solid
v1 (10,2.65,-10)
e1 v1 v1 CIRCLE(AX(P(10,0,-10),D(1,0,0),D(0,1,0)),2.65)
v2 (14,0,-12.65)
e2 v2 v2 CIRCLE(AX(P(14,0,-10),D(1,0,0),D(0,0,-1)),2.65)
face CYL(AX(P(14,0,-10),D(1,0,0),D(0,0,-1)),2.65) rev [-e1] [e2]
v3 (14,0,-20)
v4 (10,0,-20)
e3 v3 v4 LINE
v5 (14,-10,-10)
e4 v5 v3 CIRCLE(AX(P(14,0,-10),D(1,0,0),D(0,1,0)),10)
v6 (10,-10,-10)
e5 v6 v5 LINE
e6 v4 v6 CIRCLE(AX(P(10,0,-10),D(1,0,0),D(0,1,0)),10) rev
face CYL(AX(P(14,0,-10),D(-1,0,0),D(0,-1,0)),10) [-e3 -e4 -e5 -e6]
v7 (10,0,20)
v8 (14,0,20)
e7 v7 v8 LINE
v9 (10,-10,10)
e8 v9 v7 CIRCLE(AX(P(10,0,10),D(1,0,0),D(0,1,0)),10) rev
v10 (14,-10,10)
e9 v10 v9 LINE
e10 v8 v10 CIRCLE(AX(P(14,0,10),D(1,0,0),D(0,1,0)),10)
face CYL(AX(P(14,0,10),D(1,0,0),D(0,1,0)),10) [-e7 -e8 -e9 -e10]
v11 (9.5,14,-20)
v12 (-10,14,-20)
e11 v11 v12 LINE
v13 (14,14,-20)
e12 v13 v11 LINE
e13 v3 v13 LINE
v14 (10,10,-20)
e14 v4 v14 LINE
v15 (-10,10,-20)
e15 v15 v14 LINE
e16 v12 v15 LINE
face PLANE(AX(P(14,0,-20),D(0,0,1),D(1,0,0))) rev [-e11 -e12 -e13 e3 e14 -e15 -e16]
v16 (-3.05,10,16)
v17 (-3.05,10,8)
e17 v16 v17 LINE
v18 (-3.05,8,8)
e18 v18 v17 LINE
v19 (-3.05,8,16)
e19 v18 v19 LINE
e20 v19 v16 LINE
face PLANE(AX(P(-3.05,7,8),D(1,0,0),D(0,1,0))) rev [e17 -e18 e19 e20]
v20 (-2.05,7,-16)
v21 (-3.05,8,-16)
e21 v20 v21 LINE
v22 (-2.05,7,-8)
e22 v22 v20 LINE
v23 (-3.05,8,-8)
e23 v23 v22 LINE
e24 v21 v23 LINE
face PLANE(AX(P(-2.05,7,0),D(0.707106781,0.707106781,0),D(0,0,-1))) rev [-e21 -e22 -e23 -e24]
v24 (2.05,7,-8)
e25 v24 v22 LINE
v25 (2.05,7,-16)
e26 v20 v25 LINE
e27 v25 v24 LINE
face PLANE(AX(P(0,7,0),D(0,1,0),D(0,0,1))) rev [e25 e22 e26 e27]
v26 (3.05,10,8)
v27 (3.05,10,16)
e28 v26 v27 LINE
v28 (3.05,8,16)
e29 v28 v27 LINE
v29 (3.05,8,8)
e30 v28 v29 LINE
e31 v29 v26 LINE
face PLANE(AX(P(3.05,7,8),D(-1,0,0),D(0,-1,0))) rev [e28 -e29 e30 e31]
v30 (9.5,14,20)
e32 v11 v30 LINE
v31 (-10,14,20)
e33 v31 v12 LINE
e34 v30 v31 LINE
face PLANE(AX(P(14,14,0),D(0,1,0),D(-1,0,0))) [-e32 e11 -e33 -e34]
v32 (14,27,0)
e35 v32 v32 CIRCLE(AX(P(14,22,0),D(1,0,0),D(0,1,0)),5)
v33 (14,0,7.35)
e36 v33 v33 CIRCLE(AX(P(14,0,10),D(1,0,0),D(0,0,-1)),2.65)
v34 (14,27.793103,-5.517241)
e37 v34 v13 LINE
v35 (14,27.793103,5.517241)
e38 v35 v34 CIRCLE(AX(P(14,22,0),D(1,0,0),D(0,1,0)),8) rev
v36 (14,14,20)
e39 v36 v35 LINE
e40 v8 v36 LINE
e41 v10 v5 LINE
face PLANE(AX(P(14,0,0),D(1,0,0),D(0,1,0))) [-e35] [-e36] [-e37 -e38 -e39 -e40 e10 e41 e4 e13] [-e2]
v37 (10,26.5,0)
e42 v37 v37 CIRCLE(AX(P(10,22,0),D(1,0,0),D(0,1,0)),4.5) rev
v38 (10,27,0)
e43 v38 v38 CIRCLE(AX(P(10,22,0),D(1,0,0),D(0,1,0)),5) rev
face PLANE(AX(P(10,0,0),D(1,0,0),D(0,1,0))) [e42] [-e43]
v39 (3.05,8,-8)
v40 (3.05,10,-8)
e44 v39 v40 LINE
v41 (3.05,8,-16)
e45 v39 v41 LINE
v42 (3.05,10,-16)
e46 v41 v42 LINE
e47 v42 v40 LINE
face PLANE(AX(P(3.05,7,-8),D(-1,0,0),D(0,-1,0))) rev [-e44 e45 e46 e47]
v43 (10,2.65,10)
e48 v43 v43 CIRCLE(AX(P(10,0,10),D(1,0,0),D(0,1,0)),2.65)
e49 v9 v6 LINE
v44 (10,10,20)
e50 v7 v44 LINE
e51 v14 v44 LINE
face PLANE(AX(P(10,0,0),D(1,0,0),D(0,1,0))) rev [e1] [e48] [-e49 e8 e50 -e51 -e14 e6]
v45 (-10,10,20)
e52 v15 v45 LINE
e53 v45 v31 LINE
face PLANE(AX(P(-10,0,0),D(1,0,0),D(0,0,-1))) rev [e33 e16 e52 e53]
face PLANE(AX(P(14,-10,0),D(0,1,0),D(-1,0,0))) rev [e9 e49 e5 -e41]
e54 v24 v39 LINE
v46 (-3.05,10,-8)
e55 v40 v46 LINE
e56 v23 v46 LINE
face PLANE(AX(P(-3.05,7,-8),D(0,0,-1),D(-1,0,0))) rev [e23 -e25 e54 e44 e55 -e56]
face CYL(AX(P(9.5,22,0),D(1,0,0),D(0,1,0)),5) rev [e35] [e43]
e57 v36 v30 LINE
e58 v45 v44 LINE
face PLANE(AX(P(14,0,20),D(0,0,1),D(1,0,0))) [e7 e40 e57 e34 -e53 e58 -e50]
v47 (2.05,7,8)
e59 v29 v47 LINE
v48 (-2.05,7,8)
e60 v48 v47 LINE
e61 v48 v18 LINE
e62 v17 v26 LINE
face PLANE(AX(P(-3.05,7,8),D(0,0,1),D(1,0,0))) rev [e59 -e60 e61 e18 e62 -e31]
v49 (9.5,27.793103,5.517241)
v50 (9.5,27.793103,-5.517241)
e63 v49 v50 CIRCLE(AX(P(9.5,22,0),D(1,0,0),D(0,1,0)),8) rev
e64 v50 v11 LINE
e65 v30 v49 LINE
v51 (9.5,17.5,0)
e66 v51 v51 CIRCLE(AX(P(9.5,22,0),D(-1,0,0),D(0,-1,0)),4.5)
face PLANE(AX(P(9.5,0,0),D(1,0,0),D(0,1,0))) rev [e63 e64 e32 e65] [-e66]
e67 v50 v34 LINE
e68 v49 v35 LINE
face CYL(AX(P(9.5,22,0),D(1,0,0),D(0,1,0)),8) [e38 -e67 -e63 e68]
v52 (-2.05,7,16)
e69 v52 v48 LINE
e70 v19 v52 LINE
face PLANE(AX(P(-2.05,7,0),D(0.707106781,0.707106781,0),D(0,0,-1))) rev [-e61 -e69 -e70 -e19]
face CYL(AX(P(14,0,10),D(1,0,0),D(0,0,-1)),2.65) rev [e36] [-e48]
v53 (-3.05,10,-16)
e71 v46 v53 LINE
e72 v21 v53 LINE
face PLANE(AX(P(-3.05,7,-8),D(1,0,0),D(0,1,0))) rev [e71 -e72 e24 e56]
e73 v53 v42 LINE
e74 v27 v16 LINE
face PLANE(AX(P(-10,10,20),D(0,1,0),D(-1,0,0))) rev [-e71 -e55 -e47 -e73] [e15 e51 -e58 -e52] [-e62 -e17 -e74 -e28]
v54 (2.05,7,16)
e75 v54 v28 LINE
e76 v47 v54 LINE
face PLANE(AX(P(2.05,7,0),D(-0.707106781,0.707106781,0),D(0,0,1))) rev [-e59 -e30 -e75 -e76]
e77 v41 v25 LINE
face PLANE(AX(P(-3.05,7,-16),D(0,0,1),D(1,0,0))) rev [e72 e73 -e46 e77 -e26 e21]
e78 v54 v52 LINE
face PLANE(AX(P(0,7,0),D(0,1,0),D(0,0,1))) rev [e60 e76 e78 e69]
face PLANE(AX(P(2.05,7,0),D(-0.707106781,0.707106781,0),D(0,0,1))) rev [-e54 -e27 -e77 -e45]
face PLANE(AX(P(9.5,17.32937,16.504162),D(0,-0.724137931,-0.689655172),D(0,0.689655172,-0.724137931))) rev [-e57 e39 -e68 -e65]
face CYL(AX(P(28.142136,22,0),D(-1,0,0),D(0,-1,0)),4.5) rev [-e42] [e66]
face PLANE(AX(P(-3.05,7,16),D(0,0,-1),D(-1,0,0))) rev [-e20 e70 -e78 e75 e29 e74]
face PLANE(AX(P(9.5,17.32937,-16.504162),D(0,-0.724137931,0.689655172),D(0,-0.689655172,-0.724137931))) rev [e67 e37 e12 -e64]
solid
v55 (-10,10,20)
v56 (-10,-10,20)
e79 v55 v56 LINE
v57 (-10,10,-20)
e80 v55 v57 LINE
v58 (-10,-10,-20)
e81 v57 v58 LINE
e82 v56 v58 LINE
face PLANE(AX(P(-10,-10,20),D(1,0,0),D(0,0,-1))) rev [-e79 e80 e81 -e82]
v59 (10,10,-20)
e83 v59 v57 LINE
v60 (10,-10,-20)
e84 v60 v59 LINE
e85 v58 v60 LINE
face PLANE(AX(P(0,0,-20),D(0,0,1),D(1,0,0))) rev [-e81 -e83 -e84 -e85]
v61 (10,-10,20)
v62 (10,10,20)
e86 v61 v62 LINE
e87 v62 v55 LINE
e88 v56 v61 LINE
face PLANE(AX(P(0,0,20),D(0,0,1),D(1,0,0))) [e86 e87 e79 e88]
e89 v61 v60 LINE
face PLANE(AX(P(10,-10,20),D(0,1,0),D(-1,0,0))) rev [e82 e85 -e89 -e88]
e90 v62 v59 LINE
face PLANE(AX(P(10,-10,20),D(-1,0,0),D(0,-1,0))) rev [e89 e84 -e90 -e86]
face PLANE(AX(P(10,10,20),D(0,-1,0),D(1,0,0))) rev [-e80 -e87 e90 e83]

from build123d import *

# Parameters (mm, degrees)
SKETCH_2_W                 = 20
SKETCH_2_H                 = 20
EXTRUDE_1_DEPTH            = 20
SKETCH_3_W                 = 40
SKETCH_3_H                 = 24
EXTRUDE_2_DEPTH            = 4
SKETCH_5_W                 = 2.65
SKETCH_5_H                 = 24
HOLE_WIZARD_M51_AT_2_COUNT = 2
HOLE_WIZARD_M51_AT_2_PITCH = 20
SKETCH_6_W                 = 40
SKETCH_6_H                 = 4
EXTRUDE_3_DEPTH            = 20
SKETCH_7_W                 = 6.1
SKETCH_7_H                 = 8
EXTRUDE_4_DEPTH            = 3
CHAMFER_1_SIZE             = 1
SKETCH_8_R                 = 5
EXTRUDE_5_DEPTH            = 4.5
SKETCH_9_R                 = 5
SKETCH_9_R_2               = 4.5
EXTRUDE_6_DEPTH            = 0.5
FILLET_1_R                 = 10


with BuildPart() as part:
    # Эскиз2 → Бобышка-Вытянуть1 (new, symmetric)
    with BuildSketch(Plane.XY):
        Rectangle(SKETCH_2_W, SKETCH_2_H)
    extrude(amount=EXTRUDE_1_DEPTH, both=True)


with BuildPart() as body_2:
    # Эскиз3 → Бобышка-Вытянуть2 (new body)
    with BuildSketch(Plane(origin=(10, 0, 0), x_dir=(0, 0, -1), z_dir=(1, 0, 0))):
        with Locations((0, 2)):
            Rectangle(SKETCH_3_W, SKETCH_3_H)
    extrude(amount=EXTRUDE_2_DEPTH)

    # Эскиз5 → Отверстие с зазором M51 (revolve, cut)
    with BuildSketch(Plane(origin=(14, 0, 10), x_dir=(0, 0, -1), z_dir=(0, 1, 0))):
        with Locations((1.325, 12)):
            Rectangle(SKETCH_5_W, SKETCH_5_H)
    hole_wizard_m51 = revolve(axis=Axis((20.35, 0, 10), (-1, 0, 0)), mode=Mode.SUBTRACT)

    # Отверстие с зазором M51 at 2: Отверстие с зазором M51 ×2
    with Locations(*[(0, 0, -i * HOLE_WIZARD_M51_AT_2_PITCH) for i in range(1, HOLE_WIZARD_M51_AT_2_COUNT)]):
        add(hole_wizard_m51, mode=Mode.SUBTRACT)

    # Эскиз6 → Бобышка-Вытянуть3 (add)
    with BuildSketch(Plane.ZY.offset(-10)):
        with Locations((0, 12)):
            Rectangle(SKETCH_6_W, SKETCH_6_H)
    extrude(amount=EXTRUDE_3_DEPTH)

    # Эскиз7 → Бобышка-Вытянуть4 (add)
    with BuildSketch(Plane.XZ.offset(-10)):
        with Locations((0, 12)):
            Rectangle(SKETCH_7_W, SKETCH_7_H)
        with Locations((0, -12)):
            Rectangle(SKETCH_7_W, SKETCH_7_H)
    extrude(amount=EXTRUDE_4_DEPTH)

    # Фаска1
    chamfer_1_edges = [body_2.edges().sort_by_distance(p)[0] for p in [
        (-3.05, 7, 12),
        (3.05, 7, 12),
        (-3.05, 7, -12),
        (3.05, 7, -12),
    ]]
    chamfer(chamfer_1_edges, length=CHAMFER_1_SIZE)

    # Эскиз8 → Бобышка-Вытянуть5 (add)
    with BuildSketch(Plane(origin=(14, 0, 0), x_dir=(0, 0, -1), z_dir=(1, 0, 0))):
        with BuildLine():
            ThreePointArc((-5.517241379, 27.793103448), (0, 30), (5.517241379, 27.793103448))
            Line((5.517241379, 27.793103448), (20, 14))
            Line((20, 14), (-20, 14))
            Line((-20, 14), (-5.517241379, 27.793103448))
        make_face()
        with Locations(Location((0, 22, 0), (0, 0, 90))):
            Circle(SKETCH_8_R, mode=Mode.SUBTRACT)
    extrude(amount=-EXTRUDE_5_DEPTH)

    # Эскиз9 → Бобышка-Вытянуть6 (add)
    with BuildSketch(Plane.ZY.offset(-9.5)):
        with Locations(Location((0, 22, 0), (0, 0, 90))):
            Circle(SKETCH_9_R)
        with Locations(Location((0, 22, 0), (0, 0, 270))):
            Circle(SKETCH_9_R_2, mode=Mode.SUBTRACT)
    extrude(amount=-EXTRUDE_6_DEPTH)

    # Скругление1
    fillet_1_edges = [body_2.edges().sort_by_distance(p)[0] for p in [
        (12, -10, -20),
        (12, -10, 20),
    ]]
    fillet(fillet_1_edges, radius=FILLET_1_R)


solid = Compound([part.part, body_2.part])
